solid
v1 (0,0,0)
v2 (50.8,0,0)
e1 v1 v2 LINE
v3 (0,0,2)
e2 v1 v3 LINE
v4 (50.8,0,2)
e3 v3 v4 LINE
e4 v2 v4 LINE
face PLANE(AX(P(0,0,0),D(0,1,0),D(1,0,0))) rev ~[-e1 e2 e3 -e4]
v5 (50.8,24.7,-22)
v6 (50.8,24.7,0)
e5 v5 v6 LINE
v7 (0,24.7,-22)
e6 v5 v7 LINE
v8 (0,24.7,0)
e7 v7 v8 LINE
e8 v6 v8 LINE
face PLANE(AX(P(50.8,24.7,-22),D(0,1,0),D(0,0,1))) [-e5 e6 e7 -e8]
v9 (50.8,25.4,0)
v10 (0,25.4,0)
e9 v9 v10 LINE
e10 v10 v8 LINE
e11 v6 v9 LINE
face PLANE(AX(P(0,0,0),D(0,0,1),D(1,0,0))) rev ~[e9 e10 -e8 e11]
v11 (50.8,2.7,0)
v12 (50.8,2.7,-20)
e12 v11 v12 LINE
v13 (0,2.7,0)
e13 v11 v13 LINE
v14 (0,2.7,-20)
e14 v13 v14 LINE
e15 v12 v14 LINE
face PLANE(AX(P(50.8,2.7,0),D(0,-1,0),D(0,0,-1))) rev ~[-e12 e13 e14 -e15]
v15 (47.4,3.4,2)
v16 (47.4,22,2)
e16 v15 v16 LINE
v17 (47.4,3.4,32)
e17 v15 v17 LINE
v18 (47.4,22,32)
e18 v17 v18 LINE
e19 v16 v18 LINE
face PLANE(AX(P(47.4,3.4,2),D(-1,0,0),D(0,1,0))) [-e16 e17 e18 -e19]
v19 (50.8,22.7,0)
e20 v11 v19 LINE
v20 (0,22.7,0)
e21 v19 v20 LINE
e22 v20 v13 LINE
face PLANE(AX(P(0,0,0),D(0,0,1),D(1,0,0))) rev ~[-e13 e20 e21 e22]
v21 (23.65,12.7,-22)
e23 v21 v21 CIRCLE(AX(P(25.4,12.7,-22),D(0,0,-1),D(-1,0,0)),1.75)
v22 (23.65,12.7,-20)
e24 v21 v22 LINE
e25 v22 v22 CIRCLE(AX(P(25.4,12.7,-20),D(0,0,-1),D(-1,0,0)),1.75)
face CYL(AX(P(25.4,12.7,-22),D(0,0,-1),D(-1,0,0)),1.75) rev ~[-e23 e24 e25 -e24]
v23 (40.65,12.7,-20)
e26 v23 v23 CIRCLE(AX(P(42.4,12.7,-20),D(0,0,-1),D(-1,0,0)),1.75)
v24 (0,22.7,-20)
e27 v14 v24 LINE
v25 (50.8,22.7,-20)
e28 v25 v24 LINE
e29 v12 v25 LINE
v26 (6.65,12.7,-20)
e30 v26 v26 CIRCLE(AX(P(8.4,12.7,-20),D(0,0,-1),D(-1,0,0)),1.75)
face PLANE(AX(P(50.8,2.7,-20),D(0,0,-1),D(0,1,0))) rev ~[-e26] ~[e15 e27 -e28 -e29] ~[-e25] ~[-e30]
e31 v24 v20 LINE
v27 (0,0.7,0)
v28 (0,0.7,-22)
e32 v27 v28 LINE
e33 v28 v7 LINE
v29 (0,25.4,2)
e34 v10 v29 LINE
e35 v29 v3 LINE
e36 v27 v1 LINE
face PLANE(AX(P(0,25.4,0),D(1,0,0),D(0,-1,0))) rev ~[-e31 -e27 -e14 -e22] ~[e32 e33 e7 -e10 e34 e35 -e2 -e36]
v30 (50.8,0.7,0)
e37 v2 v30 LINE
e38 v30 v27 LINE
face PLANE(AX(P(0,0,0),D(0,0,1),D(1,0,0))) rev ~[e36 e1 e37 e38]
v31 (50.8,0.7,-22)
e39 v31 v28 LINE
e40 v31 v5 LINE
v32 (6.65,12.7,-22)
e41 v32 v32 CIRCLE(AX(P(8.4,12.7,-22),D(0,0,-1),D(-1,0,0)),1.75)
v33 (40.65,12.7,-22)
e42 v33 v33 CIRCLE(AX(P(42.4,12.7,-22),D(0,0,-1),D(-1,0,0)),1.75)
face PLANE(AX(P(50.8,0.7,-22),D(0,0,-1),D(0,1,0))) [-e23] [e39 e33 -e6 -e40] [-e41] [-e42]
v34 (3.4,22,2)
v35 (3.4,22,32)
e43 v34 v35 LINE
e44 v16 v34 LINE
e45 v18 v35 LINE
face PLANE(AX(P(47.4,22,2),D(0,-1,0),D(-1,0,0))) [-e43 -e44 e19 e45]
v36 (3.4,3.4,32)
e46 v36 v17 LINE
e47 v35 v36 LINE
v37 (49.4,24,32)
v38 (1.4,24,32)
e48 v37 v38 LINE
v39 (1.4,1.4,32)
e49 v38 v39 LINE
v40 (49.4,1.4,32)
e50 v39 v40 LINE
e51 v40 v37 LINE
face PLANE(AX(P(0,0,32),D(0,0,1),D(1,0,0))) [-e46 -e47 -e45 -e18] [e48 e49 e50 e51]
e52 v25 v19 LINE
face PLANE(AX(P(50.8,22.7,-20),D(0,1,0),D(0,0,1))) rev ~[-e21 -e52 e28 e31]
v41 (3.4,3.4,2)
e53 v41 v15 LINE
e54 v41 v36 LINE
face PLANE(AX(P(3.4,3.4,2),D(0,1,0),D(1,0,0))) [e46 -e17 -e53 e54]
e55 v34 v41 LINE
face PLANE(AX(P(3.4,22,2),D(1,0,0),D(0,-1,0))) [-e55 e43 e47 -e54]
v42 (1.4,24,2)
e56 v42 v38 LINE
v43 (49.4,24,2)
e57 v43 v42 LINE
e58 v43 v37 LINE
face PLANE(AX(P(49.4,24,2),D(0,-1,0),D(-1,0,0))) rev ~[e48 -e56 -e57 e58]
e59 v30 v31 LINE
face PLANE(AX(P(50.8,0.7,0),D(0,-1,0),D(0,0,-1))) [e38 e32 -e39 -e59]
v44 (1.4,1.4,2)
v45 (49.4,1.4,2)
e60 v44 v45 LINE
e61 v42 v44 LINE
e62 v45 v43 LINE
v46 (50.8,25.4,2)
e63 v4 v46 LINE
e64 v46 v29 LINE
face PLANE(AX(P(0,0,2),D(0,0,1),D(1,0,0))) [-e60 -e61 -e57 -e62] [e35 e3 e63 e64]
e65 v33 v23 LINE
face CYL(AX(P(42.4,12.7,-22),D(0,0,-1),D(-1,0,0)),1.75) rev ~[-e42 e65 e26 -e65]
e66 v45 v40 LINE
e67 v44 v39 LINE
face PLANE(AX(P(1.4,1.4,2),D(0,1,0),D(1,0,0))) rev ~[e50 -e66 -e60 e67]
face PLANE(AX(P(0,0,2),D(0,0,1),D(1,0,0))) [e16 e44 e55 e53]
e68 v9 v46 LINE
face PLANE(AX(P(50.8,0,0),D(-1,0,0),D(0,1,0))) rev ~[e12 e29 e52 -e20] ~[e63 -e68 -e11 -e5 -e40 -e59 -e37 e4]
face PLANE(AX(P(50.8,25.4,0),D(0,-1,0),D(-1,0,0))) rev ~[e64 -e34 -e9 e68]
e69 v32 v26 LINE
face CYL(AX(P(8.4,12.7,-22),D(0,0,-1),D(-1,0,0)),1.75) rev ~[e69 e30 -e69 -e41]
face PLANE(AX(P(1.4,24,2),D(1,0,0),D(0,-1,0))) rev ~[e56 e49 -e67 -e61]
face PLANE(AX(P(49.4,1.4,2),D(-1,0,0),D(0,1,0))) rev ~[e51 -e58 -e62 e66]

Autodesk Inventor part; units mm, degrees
ref_plane "YZ Plane" through (0, 0, 0) normal (1, 0, 0) x (0, 1, 0)
ref_plane "XZ Plane" through (0, 0, 0) normal (0, 1, 0) x (-1, 0, 0)
ref_plane "XY Plane" through (0, 0, 0) normal (0, 0, 1) x (1, 0, 0)
sketch "Boceto1" plane through (0, 0, 0) normal (0, 0, 1) x (1, 0, 0)
  line L0 (0, 0) -> (50.8, 0)
  line L1 (50.8, 0) -> (50.8, 25.4)
  line L2 (50.8, 25.4) -> (0, 25.4)
  line L3 (0, 25.4) -> (0, 0)
  dimension "d0" = 50.8
  dimension "d1" = 25.4
extrude "Extrusión1" add sketch "Boceto1" along normal blind 2
sketch "Boceto2" plane through (0, 0, 2) normal (0, 0, 1) x (1, 0, 0)
  line L0 (1.4, 1.4) -> (49.4, 1.4)
  line L1 (49.4, 1.4) -> (49.4, 24)
  line L2 (49.4, 24) -> (1.4, 24)
  line L3 (1.4, 24) -> (1.4, 1.4)
  line L4 (0, 25.4) -> (0, 0) projected
  line L5 (0, 0) -> (50.8, 0) projected
  line L6 (50.8, 25.4) -> (0, 25.4) projected
  line L7 (50.8, 0) -> (50.8, 25.4) projected
  line L8 (3.4, 3.4) -> (47.4, 3.4)
  line L9 (47.4, 3.4) -> (47.4, 22)
  line L10 (47.4, 22) -> (3.4, 22)
  line L11 (3.4, 22) -> (3.4, 3.4)
  dimension "d4" = 1.4
  dimension "d5" = 1.4
  dimension "d6" = 1.4
  dimension "d7" = 1.4
  dimension "d8" = 2
  dimension "d9" = 2
  dimension "d10" = 2
  dimension "d11" = 2
extrude "Extrusión2" add sketch "Boceto2" along normal blind 30 contours L3 L2 L1 L0
sketch "Boceto3" plane through (50.8, 0, 0) normal (1, 0, 0) x (0, 0, -1)
  line L0 (0, 0) -> (0, 25.4) projected
  line L1 (0, 0.7) -> (22, 0.7)
  line L2 (22, 0.7) -> (22, 24.7)
  line L3 (22, 24.7) -> (0, 24.7)
  line L4 (0, 24.7) -> (0, 0.7)
  line L5 (0, 25.4) -> (-2, 25.4) projected
  line L6 (0, 0) -> (-2, 0) projected
  line L7 (0, 2.7) -> (20, 2.7)
  line L8 (20, 2.7) -> (20, 22.7)
  line L9 (20, 22.7) -> (0, 22.7)
  line L10 (0, 22.7) -> (0, 2.7)
  point P0 (-1, 25.4)
  point P1 (0, 24.7)
  point P2 (0, 22.7)
  point P3 (0, 2.7)
  point P4 (0, 0.7)
  dimension "d16" = 24
  dimension "d17" = 25.4
  dimension "d18" = 0.7
  dimension "d19" = 0.7
  dimension "d20" = 22
  dimension "d21" = 0
  dimension "d22" = 2
  dimension "d23" = 2
  dimension "d24" = 2
  dimension "d25" = 20
  dimension "d26" = 20
extrude "Extrusión3" add sketch "Boceto3" against normal up to surface (50.8 mm away) contours L0 L7 L8 L9 L3 L2 L1
sketch "Boceto4" plane through (50.8, 0.7, -22) normal (0, 0, -1) x (-1, 0, 0)
  circle A0 centre (8.4, 12) radius 1.75
  circle A1 centre (25.4, 12) radius 1.75
  circle A2 centre (42.4, 12) radius 1.75
  line L0 (50.8, 0) -> (50.8, 24) projected
  line L1 (0, 0) -> (0, 24) projected
  line L2 (0, 0) -> (50.8, 0) projected
  line L3 (0, 24) -> (50.8, 24) projected
  point P0 (50.8, -0.7)
  dimension "d29" = 3.5
  dimension "d30" = 3.5
  dimension "d31" = 3.5
  dimension "d32" = 17
  dimension "d33" = 17
  dimension "d34" = 50.8
  dimension "d39" = 24
  dimension "d40" = 12
  dimension "d41" = 12
  dimension "d42" = 12
  dimension "d43" = 12
  dimension "d44" = 12
  dimension "d45" = 25.4
  dimension "d46" = 8.4
extrude "Extrusión4" cut sketch "Boceto4" against normal up to surface (2 mm away) contours A0 | A1 | A2
properties part number "Tapa 51mm"
